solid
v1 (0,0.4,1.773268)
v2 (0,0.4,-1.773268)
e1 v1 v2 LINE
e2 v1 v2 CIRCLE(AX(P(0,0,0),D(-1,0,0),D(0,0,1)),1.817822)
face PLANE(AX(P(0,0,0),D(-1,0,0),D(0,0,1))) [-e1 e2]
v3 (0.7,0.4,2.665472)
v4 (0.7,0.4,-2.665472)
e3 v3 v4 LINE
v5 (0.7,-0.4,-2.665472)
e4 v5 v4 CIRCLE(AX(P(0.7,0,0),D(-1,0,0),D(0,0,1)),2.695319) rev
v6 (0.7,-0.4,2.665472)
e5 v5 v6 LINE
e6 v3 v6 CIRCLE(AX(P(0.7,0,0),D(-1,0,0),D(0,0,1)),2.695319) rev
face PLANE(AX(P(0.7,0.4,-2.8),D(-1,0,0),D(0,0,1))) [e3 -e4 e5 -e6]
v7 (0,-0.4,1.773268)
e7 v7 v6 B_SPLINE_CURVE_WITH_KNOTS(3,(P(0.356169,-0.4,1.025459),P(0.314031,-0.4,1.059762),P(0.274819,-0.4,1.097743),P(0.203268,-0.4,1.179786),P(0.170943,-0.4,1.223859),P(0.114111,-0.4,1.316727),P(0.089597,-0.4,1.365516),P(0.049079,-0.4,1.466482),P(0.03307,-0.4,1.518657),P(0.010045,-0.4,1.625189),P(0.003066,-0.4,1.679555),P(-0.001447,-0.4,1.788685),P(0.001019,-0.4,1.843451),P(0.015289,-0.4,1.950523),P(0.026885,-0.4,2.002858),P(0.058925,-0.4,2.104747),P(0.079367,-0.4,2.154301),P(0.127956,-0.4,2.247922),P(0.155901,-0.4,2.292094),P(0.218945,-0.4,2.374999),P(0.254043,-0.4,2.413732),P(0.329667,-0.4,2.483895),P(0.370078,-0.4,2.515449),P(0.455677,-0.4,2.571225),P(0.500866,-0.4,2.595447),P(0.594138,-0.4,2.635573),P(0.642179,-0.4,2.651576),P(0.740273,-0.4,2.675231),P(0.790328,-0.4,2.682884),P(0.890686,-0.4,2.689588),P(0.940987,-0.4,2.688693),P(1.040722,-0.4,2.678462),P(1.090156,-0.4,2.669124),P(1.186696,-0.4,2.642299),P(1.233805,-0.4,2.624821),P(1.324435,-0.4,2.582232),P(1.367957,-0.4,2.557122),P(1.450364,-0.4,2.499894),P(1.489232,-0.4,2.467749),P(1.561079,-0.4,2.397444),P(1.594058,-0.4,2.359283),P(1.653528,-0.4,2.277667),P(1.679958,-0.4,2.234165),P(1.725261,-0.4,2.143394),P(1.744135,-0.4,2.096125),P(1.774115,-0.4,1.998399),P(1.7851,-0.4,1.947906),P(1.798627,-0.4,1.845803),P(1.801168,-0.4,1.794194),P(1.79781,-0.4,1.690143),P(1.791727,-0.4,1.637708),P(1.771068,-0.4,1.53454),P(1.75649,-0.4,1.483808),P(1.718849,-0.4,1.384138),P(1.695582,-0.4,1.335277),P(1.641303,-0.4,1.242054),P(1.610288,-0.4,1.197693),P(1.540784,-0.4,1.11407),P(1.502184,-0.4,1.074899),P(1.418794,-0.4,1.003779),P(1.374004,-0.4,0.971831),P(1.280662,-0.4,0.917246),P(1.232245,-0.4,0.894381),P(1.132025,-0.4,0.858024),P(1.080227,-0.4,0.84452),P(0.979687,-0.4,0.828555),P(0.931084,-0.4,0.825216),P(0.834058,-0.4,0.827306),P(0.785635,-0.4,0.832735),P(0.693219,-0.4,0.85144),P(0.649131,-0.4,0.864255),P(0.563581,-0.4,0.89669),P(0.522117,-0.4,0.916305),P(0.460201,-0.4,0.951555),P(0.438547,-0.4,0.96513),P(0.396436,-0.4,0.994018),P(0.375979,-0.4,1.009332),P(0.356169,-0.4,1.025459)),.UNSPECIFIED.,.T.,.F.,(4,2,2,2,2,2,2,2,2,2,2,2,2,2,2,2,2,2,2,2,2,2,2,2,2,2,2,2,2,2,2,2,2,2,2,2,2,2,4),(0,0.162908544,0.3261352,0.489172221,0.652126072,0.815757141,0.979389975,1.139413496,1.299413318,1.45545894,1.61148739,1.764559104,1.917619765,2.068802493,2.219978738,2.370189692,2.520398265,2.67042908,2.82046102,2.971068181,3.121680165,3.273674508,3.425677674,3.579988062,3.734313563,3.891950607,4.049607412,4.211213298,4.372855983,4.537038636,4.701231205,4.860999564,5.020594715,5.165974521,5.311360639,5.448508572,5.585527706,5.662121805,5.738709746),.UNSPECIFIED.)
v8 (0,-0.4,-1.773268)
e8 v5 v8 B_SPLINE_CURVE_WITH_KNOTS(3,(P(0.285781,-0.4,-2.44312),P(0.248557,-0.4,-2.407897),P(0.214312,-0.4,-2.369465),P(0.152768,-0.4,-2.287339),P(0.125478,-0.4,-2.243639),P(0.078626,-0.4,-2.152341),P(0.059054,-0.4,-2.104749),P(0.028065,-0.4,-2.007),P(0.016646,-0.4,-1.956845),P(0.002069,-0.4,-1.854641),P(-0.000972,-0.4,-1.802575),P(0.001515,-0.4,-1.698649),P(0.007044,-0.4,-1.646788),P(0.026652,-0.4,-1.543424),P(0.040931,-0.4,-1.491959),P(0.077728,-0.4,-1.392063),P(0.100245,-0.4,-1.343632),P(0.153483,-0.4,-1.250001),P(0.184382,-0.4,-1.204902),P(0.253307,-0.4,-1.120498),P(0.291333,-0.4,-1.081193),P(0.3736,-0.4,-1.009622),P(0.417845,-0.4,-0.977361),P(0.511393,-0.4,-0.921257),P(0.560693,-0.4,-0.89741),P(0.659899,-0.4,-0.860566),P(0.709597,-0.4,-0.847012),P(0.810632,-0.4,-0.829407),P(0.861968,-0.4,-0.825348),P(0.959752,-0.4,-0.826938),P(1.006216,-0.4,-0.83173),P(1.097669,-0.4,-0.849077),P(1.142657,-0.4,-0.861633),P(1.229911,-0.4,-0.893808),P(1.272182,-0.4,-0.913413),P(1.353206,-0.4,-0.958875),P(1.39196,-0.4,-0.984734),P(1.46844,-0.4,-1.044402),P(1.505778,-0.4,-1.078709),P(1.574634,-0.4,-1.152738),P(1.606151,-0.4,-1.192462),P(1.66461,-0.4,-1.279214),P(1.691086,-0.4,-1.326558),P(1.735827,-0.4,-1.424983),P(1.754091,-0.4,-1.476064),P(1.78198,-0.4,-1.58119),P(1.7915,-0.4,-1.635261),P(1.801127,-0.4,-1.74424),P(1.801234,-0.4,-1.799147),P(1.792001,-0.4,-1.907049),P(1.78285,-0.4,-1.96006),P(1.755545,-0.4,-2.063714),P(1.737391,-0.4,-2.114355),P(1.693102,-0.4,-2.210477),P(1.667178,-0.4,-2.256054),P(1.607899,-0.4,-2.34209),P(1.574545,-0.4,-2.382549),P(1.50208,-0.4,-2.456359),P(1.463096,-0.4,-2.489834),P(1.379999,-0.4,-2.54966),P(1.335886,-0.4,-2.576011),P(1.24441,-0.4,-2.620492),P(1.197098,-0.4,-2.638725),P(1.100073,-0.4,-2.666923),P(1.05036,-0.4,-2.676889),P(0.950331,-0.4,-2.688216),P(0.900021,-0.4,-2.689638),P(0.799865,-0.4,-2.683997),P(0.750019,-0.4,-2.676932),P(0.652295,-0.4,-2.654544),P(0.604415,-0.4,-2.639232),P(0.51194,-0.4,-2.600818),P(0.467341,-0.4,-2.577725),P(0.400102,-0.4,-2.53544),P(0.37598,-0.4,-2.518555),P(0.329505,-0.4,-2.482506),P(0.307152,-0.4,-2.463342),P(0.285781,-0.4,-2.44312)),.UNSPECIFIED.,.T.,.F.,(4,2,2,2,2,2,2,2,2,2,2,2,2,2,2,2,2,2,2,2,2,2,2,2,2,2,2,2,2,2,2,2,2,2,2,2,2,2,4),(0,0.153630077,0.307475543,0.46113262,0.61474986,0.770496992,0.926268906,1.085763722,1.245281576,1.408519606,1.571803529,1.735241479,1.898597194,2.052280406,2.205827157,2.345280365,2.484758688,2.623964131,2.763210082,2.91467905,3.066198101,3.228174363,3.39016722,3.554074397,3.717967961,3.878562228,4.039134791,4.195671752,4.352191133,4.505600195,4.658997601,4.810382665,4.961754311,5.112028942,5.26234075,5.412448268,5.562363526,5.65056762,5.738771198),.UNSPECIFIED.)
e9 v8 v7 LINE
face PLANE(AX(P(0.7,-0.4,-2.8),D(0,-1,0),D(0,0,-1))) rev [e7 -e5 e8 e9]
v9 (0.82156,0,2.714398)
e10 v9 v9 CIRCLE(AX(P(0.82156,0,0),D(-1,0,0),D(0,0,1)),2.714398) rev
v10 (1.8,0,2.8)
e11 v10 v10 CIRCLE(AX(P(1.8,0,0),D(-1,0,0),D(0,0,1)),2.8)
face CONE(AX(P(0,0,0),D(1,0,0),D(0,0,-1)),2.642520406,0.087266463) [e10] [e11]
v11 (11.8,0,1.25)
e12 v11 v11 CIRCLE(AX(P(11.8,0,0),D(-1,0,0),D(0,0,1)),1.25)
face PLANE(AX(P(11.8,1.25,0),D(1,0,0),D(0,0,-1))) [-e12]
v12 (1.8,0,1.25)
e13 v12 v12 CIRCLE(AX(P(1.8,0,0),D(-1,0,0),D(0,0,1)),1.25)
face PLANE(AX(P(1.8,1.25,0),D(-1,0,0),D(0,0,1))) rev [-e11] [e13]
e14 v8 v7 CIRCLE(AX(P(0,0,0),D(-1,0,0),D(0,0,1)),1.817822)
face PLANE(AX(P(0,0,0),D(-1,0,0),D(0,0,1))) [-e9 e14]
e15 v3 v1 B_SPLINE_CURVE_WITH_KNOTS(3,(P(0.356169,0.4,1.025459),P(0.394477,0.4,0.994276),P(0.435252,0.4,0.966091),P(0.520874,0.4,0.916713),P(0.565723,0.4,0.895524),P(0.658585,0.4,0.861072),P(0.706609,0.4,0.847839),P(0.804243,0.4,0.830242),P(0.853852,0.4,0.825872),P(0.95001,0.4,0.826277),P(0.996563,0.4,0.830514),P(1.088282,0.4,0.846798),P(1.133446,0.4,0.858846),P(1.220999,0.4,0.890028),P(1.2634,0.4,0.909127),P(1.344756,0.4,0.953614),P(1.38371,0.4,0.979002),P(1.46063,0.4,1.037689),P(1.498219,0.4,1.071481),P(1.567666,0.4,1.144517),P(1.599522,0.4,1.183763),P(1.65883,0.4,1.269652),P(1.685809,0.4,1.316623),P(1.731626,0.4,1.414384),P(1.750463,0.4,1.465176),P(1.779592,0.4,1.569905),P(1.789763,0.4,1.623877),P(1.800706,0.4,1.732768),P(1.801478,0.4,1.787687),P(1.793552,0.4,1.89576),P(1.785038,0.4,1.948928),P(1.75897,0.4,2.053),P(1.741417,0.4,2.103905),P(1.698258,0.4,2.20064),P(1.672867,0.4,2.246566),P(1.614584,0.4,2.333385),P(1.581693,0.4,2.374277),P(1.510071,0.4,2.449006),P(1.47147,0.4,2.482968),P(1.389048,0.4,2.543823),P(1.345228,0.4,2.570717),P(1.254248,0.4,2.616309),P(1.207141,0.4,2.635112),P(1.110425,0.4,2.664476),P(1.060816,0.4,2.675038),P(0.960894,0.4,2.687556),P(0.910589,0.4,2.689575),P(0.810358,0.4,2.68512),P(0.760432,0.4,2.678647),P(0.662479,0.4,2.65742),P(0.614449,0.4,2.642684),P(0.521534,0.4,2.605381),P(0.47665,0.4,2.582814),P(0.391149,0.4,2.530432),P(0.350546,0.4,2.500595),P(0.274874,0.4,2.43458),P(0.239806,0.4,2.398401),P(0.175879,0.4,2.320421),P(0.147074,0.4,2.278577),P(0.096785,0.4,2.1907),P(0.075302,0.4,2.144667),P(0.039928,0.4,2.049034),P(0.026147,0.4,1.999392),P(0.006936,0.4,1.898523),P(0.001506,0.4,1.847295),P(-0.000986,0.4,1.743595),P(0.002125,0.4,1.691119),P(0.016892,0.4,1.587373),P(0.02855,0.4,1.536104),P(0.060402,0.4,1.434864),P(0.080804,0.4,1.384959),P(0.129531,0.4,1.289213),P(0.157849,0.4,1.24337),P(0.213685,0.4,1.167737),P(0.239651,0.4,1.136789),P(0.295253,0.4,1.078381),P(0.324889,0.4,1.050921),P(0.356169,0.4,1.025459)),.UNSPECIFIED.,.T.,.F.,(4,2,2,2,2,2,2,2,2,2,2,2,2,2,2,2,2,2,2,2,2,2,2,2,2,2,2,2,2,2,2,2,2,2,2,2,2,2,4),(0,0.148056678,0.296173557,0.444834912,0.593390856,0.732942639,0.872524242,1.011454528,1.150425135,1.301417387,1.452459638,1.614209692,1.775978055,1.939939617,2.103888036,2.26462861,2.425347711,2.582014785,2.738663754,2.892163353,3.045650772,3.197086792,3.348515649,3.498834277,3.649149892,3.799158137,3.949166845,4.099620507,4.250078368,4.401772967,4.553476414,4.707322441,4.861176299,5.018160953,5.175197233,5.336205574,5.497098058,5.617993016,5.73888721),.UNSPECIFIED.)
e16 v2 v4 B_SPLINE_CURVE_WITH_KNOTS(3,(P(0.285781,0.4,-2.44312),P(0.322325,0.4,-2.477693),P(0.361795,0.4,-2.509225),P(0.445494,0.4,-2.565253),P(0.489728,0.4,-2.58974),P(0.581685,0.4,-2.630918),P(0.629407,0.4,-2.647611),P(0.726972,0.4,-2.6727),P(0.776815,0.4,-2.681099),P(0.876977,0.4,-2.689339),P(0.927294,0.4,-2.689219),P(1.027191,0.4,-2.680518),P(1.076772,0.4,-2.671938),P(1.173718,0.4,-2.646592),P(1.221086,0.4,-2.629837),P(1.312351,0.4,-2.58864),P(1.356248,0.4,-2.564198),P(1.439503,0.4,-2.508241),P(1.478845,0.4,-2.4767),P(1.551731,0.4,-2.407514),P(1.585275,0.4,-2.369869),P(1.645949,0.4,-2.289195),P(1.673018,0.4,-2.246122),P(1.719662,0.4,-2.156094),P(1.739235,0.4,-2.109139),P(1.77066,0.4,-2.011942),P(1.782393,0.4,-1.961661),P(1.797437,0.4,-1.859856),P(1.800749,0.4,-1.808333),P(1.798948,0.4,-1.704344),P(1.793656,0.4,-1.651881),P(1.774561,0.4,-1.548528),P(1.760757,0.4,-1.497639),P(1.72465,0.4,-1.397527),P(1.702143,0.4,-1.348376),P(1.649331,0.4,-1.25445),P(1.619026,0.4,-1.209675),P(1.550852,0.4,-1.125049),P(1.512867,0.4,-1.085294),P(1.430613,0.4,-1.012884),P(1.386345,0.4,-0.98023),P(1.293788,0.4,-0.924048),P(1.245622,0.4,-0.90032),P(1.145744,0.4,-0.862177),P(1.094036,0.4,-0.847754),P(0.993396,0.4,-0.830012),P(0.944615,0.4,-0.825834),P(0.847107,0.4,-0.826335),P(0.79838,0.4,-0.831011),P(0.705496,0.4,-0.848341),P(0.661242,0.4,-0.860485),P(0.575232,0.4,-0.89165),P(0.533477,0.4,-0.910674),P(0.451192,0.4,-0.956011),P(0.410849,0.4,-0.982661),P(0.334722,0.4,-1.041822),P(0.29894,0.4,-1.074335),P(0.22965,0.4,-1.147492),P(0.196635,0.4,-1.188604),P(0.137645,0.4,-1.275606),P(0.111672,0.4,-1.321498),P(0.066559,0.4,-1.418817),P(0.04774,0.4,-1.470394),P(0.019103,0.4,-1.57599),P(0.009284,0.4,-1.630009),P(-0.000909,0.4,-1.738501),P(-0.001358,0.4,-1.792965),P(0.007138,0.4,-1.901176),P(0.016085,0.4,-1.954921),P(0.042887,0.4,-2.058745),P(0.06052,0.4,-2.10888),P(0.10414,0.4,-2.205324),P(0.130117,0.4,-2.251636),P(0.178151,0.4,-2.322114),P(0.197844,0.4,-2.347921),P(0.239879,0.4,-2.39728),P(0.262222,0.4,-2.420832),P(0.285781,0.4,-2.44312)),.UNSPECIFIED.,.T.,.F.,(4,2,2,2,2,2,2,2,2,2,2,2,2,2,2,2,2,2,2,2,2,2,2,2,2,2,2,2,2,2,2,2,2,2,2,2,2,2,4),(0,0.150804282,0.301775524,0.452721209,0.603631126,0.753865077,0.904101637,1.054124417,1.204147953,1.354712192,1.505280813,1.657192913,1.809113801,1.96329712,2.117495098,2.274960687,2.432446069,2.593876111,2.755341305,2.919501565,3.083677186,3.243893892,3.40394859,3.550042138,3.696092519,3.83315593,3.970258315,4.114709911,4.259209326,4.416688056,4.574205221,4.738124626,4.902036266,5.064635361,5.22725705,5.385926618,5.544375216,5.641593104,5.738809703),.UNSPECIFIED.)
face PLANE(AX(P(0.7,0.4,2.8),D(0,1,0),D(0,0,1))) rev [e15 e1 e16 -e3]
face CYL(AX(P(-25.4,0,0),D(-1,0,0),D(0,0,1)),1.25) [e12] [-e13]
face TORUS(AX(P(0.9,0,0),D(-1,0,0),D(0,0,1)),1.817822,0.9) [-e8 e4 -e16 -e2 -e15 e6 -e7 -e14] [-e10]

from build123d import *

# Parameters (mm, degrees)
FILLET2_R  = 0.9
SKETCH2_W  = 5.6
SKETCH2_H  = 0.8
SLOT_DEPTH = 0.7


with BuildPart() as part:
    # BodySke → Base-Revolve (revolve)
    with BuildSketch(Plane.XY):
        Polygon((1.8, 1.25), (1.8, 2.8), (0, 2.642520406), (0, 0), (11.8, 0), (11.8, 1.25), align=None)
    revolve(axis=Axis((-25.4, 0, 0), (1, 0, 0)))

    # Fillet2
    fillet2_edges = [part.edges().sort_by_distance(p)[0] for p in [
        (0, -2.642520406, 0),
    ]]
    fillet(fillet2_edges, radius=FILLET2_R)

    # Sketch2 → Slot (cut)
    with BuildSketch(Plane(origin=(0, 0, 0), x_dir=(0, 0, -1), z_dir=(1, 0, 0))):
        Rectangle(SKETCH2_W, SKETCH2_H)
    extrude(amount=SLOT_DEPTH, mode=Mode.SUBTRACT)


solid = part.part
